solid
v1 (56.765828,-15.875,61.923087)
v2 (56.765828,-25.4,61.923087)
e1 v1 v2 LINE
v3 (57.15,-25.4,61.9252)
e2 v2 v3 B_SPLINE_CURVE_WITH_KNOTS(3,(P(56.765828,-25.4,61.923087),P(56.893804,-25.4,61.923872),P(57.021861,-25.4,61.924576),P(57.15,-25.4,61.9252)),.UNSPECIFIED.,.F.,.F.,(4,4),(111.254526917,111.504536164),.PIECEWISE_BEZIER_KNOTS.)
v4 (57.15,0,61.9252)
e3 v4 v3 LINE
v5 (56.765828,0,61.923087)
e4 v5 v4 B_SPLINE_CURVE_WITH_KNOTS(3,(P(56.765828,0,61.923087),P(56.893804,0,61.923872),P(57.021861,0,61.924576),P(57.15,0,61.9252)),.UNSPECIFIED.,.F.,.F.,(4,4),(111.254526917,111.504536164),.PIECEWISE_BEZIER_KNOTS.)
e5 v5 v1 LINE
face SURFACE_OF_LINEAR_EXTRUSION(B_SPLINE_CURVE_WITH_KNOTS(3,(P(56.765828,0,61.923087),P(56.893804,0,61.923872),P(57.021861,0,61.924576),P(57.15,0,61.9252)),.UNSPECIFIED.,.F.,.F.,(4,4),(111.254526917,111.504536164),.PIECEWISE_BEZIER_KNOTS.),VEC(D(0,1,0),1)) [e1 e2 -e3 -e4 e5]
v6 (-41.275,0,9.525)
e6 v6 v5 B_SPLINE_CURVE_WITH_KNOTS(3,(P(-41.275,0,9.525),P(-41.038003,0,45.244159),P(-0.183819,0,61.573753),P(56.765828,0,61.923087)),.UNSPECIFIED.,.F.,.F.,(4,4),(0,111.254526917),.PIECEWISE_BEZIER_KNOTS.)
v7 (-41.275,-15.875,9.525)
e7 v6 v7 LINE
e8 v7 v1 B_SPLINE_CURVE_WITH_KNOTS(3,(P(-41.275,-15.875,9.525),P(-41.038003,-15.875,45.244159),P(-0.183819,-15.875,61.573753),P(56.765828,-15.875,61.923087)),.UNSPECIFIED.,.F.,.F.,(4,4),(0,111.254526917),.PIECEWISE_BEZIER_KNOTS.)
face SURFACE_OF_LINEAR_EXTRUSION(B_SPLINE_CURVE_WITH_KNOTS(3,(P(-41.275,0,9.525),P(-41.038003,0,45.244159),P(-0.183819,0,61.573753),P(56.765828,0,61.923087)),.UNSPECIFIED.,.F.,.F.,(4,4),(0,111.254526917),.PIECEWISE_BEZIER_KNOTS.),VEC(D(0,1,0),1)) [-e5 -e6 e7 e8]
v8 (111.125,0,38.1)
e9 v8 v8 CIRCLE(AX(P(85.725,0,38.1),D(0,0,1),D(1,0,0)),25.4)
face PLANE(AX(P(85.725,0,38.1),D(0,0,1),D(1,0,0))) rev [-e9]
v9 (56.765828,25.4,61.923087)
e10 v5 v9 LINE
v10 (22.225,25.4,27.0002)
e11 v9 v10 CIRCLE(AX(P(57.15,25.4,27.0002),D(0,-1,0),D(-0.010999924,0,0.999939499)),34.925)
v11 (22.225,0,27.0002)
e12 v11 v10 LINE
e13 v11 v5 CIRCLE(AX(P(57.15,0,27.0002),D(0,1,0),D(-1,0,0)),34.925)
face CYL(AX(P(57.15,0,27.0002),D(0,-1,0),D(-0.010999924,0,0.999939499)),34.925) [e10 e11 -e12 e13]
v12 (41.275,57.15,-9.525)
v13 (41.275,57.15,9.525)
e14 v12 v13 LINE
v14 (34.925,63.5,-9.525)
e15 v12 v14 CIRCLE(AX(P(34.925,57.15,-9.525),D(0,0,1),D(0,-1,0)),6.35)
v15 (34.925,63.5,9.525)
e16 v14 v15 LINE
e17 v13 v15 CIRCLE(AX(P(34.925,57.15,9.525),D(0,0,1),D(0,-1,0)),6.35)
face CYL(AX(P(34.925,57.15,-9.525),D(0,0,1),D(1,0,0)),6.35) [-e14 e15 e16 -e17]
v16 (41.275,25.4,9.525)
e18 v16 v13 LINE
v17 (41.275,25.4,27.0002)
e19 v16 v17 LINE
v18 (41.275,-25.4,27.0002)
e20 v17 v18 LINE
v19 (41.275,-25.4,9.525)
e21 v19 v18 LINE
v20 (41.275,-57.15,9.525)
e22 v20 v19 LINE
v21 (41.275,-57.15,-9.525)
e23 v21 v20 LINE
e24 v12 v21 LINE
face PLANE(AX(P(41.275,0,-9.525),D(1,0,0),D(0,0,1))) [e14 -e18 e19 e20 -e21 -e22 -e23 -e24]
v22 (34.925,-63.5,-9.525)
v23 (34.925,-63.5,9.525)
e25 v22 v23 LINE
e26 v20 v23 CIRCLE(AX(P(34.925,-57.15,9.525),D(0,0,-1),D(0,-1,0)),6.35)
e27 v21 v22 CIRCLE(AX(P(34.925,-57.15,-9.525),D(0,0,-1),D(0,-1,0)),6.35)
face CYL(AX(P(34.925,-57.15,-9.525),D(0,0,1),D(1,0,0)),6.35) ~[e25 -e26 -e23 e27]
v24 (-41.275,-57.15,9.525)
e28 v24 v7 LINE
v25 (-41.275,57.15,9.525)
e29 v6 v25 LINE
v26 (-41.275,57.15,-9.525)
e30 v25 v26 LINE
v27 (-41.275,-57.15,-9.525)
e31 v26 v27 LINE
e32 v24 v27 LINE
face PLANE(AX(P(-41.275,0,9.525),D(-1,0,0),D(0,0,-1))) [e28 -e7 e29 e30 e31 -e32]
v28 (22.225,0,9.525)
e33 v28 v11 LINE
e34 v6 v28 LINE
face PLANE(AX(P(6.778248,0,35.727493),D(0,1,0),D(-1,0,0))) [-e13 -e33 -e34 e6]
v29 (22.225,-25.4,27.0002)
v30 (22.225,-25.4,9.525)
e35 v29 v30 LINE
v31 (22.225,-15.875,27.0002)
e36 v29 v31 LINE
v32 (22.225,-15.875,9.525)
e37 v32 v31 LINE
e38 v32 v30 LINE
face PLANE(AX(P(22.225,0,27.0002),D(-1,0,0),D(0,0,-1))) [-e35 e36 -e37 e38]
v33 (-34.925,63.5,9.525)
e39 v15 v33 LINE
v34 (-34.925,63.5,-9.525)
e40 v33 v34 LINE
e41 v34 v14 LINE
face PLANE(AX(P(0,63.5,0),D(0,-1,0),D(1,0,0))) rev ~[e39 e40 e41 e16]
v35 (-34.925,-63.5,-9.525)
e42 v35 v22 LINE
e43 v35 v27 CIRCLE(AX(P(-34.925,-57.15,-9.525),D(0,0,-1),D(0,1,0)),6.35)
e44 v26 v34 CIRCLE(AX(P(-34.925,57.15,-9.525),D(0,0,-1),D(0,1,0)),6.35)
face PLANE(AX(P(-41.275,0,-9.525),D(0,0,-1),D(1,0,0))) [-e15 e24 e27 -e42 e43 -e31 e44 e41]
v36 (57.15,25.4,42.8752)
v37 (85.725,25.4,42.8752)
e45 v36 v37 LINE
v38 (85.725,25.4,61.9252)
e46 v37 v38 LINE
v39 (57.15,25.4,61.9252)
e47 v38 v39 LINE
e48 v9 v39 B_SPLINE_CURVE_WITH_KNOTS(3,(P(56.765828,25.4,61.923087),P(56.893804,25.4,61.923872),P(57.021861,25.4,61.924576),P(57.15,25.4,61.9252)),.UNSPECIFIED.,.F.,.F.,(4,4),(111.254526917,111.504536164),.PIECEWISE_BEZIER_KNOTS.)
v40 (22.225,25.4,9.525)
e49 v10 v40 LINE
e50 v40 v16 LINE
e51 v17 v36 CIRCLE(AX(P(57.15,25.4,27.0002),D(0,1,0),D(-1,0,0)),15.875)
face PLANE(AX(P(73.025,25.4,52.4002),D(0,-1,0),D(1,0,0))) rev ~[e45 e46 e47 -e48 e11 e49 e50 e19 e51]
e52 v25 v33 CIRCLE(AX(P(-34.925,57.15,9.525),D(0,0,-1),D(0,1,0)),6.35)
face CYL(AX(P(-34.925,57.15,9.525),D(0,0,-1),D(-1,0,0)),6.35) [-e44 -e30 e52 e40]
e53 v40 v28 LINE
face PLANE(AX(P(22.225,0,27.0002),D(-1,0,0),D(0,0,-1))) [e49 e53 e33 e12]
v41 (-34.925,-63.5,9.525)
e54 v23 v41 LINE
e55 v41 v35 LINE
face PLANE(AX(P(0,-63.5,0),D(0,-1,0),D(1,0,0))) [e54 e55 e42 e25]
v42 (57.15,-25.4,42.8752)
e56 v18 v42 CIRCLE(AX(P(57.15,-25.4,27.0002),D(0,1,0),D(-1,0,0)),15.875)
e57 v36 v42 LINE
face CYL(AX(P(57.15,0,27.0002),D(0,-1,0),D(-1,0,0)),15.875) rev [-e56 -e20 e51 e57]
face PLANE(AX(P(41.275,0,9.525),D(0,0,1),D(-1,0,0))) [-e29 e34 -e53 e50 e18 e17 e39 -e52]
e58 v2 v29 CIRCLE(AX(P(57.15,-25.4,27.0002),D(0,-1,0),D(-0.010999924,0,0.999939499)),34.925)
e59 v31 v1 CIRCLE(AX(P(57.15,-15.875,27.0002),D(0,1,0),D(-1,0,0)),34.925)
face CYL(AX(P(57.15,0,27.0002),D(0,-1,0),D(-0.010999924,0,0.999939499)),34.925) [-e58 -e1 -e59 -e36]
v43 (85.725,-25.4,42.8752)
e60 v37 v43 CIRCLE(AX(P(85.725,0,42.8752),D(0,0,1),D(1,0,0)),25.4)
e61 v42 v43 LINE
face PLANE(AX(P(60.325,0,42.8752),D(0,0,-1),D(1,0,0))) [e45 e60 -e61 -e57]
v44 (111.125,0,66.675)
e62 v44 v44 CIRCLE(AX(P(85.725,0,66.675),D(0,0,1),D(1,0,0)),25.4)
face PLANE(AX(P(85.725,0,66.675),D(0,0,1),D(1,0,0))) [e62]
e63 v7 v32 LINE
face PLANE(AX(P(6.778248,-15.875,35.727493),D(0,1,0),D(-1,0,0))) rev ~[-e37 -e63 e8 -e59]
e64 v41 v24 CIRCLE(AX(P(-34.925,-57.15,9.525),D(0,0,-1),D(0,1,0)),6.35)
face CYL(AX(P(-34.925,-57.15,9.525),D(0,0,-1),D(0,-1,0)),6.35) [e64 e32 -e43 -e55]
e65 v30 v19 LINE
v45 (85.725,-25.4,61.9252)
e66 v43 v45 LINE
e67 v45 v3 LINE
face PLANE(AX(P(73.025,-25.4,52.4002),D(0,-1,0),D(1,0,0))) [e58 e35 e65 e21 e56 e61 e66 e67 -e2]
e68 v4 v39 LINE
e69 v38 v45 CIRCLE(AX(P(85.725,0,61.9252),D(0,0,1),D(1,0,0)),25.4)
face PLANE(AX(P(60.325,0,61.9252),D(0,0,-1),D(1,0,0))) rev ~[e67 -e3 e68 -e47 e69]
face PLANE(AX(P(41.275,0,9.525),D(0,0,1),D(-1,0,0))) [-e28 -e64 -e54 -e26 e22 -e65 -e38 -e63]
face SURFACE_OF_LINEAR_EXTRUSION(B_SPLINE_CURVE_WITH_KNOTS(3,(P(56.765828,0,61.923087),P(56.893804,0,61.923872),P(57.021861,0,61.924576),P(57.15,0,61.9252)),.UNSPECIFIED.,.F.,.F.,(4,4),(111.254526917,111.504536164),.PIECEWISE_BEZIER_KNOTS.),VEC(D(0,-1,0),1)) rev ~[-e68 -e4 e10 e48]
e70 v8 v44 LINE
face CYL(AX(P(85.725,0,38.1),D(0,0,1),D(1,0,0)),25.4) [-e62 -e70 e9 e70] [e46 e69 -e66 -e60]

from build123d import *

# Parameters (mm, degrees)
F1_DEPTH = 63.5
F2_DEPTH = 25.4
F3_DEPTH = 15.875
F0_W     = 25.4
F0_H     = 19.05
F4_DEPTH = 25.4
F6_R     = 6.35


with BuildPart() as f1:
    # F0 (on Front) → F1 (new body, symmetric)
    with BuildSketch(Plane.XZ):
        Polygon((22.225, 9.525), (-41.275, 9.525), (-41.275, -9.525), (41.275, -9.525), (41.275, 9.525), align=None)
    extrude(amount=F1_DEPTH, both=True)

    # F0 (on Front) → F2 (join, symmetric)
    with BuildSketch(Plane.XZ):
        with BuildLine():
            Line((22.225, 27.0002), (22.225, 9.525))
            Line((22.225, 9.525), (41.275, 9.525))
            Line((41.275, 9.525), (41.275, 27.0002))
            ThreePointArc((41.275, 27.0002), (45.9246798487, 38.2255201513), (57.15, 42.8752))
            Line((57.15, 42.8752), (60.325, 42.8752))
            Line((60.325, 42.8752), (60.325, 61.9252))
            Line((60.325, 61.9252), (57.15, 61.9252))
            add(Edge.make_bspline(
                [(56.7658276627, 61.9230870029), (56.8938039219, 61.92387202), (57.0218614604, 61.9245763394), (57.15, 61.9252)],
                knots=[111.2545269173, 111.2545269173, 111.2545269173, 111.2545269173, 111.5045361635, 111.5045361635, 111.5045361635, 111.5045361635], degree=3))
            ThreePointArc((56.7658276627, 61.9230870029), (32.3188417117, 51.5597033146), (22.225, 27.0002))
        make_face()
    extrude(amount=F2_DEPTH, both=True)

    # F0 (on Front) → F3 (join)
    with BuildSketch(Plane.XZ):
        with BuildLine():
            add(Edge.make_bspline(
                [(-41.275, 9.525), (-41.0380026786, 45.2441586696), (-0.1838187392, 61.5737531077), (56.7658276627, 61.9230870029)],
                knots=[0, 0, 0, 0, 111.2545269173, 111.2545269173, 111.2545269173, 111.2545269173], degree=3))
            Line((-41.275, 9.525), (22.225, 9.525))
            Line((22.225, 9.525), (22.225, 27.0002))
            ThreePointArc((22.225, 27.0002), (32.3188417117, 51.5597033146), (56.7658276627, 61.9230870029))
        make_face()
    extrude(amount=F3_DEPTH)

    # F0 (on Front) → F4 (join, symmetric)
    with BuildSketch(Plane.XZ):
        with Locations((73.025, 52.4002)):
            Rectangle(F0_W, F0_H)
    extrude(amount=F4_DEPTH, both=True)

    # F0 (on Front) → F5 (revolve)
    with BuildSketch(Plane.XZ):
        Polygon((85.725, 66.675), (85.725, 61.9252), (85.725, 42.8752), (85.725, 38.1), (111.125, 38.1), (111.125, 66.675), align=None)
    revolve(axis=Axis((85.725, 0, 52.3875), (0, 0, 1)))

    # F6
    f6_edges = [f1.edges().sort_by_distance(p)[0] for p in [
        (41.275, -63.5, 0),
        (-41.275, -63.5, 0),
        (41.275, 63.5, 0),
        (-41.275, 63.5, 0),
    ]]
    fillet(f6_edges, radius=F6_R)


solid = f1.part
